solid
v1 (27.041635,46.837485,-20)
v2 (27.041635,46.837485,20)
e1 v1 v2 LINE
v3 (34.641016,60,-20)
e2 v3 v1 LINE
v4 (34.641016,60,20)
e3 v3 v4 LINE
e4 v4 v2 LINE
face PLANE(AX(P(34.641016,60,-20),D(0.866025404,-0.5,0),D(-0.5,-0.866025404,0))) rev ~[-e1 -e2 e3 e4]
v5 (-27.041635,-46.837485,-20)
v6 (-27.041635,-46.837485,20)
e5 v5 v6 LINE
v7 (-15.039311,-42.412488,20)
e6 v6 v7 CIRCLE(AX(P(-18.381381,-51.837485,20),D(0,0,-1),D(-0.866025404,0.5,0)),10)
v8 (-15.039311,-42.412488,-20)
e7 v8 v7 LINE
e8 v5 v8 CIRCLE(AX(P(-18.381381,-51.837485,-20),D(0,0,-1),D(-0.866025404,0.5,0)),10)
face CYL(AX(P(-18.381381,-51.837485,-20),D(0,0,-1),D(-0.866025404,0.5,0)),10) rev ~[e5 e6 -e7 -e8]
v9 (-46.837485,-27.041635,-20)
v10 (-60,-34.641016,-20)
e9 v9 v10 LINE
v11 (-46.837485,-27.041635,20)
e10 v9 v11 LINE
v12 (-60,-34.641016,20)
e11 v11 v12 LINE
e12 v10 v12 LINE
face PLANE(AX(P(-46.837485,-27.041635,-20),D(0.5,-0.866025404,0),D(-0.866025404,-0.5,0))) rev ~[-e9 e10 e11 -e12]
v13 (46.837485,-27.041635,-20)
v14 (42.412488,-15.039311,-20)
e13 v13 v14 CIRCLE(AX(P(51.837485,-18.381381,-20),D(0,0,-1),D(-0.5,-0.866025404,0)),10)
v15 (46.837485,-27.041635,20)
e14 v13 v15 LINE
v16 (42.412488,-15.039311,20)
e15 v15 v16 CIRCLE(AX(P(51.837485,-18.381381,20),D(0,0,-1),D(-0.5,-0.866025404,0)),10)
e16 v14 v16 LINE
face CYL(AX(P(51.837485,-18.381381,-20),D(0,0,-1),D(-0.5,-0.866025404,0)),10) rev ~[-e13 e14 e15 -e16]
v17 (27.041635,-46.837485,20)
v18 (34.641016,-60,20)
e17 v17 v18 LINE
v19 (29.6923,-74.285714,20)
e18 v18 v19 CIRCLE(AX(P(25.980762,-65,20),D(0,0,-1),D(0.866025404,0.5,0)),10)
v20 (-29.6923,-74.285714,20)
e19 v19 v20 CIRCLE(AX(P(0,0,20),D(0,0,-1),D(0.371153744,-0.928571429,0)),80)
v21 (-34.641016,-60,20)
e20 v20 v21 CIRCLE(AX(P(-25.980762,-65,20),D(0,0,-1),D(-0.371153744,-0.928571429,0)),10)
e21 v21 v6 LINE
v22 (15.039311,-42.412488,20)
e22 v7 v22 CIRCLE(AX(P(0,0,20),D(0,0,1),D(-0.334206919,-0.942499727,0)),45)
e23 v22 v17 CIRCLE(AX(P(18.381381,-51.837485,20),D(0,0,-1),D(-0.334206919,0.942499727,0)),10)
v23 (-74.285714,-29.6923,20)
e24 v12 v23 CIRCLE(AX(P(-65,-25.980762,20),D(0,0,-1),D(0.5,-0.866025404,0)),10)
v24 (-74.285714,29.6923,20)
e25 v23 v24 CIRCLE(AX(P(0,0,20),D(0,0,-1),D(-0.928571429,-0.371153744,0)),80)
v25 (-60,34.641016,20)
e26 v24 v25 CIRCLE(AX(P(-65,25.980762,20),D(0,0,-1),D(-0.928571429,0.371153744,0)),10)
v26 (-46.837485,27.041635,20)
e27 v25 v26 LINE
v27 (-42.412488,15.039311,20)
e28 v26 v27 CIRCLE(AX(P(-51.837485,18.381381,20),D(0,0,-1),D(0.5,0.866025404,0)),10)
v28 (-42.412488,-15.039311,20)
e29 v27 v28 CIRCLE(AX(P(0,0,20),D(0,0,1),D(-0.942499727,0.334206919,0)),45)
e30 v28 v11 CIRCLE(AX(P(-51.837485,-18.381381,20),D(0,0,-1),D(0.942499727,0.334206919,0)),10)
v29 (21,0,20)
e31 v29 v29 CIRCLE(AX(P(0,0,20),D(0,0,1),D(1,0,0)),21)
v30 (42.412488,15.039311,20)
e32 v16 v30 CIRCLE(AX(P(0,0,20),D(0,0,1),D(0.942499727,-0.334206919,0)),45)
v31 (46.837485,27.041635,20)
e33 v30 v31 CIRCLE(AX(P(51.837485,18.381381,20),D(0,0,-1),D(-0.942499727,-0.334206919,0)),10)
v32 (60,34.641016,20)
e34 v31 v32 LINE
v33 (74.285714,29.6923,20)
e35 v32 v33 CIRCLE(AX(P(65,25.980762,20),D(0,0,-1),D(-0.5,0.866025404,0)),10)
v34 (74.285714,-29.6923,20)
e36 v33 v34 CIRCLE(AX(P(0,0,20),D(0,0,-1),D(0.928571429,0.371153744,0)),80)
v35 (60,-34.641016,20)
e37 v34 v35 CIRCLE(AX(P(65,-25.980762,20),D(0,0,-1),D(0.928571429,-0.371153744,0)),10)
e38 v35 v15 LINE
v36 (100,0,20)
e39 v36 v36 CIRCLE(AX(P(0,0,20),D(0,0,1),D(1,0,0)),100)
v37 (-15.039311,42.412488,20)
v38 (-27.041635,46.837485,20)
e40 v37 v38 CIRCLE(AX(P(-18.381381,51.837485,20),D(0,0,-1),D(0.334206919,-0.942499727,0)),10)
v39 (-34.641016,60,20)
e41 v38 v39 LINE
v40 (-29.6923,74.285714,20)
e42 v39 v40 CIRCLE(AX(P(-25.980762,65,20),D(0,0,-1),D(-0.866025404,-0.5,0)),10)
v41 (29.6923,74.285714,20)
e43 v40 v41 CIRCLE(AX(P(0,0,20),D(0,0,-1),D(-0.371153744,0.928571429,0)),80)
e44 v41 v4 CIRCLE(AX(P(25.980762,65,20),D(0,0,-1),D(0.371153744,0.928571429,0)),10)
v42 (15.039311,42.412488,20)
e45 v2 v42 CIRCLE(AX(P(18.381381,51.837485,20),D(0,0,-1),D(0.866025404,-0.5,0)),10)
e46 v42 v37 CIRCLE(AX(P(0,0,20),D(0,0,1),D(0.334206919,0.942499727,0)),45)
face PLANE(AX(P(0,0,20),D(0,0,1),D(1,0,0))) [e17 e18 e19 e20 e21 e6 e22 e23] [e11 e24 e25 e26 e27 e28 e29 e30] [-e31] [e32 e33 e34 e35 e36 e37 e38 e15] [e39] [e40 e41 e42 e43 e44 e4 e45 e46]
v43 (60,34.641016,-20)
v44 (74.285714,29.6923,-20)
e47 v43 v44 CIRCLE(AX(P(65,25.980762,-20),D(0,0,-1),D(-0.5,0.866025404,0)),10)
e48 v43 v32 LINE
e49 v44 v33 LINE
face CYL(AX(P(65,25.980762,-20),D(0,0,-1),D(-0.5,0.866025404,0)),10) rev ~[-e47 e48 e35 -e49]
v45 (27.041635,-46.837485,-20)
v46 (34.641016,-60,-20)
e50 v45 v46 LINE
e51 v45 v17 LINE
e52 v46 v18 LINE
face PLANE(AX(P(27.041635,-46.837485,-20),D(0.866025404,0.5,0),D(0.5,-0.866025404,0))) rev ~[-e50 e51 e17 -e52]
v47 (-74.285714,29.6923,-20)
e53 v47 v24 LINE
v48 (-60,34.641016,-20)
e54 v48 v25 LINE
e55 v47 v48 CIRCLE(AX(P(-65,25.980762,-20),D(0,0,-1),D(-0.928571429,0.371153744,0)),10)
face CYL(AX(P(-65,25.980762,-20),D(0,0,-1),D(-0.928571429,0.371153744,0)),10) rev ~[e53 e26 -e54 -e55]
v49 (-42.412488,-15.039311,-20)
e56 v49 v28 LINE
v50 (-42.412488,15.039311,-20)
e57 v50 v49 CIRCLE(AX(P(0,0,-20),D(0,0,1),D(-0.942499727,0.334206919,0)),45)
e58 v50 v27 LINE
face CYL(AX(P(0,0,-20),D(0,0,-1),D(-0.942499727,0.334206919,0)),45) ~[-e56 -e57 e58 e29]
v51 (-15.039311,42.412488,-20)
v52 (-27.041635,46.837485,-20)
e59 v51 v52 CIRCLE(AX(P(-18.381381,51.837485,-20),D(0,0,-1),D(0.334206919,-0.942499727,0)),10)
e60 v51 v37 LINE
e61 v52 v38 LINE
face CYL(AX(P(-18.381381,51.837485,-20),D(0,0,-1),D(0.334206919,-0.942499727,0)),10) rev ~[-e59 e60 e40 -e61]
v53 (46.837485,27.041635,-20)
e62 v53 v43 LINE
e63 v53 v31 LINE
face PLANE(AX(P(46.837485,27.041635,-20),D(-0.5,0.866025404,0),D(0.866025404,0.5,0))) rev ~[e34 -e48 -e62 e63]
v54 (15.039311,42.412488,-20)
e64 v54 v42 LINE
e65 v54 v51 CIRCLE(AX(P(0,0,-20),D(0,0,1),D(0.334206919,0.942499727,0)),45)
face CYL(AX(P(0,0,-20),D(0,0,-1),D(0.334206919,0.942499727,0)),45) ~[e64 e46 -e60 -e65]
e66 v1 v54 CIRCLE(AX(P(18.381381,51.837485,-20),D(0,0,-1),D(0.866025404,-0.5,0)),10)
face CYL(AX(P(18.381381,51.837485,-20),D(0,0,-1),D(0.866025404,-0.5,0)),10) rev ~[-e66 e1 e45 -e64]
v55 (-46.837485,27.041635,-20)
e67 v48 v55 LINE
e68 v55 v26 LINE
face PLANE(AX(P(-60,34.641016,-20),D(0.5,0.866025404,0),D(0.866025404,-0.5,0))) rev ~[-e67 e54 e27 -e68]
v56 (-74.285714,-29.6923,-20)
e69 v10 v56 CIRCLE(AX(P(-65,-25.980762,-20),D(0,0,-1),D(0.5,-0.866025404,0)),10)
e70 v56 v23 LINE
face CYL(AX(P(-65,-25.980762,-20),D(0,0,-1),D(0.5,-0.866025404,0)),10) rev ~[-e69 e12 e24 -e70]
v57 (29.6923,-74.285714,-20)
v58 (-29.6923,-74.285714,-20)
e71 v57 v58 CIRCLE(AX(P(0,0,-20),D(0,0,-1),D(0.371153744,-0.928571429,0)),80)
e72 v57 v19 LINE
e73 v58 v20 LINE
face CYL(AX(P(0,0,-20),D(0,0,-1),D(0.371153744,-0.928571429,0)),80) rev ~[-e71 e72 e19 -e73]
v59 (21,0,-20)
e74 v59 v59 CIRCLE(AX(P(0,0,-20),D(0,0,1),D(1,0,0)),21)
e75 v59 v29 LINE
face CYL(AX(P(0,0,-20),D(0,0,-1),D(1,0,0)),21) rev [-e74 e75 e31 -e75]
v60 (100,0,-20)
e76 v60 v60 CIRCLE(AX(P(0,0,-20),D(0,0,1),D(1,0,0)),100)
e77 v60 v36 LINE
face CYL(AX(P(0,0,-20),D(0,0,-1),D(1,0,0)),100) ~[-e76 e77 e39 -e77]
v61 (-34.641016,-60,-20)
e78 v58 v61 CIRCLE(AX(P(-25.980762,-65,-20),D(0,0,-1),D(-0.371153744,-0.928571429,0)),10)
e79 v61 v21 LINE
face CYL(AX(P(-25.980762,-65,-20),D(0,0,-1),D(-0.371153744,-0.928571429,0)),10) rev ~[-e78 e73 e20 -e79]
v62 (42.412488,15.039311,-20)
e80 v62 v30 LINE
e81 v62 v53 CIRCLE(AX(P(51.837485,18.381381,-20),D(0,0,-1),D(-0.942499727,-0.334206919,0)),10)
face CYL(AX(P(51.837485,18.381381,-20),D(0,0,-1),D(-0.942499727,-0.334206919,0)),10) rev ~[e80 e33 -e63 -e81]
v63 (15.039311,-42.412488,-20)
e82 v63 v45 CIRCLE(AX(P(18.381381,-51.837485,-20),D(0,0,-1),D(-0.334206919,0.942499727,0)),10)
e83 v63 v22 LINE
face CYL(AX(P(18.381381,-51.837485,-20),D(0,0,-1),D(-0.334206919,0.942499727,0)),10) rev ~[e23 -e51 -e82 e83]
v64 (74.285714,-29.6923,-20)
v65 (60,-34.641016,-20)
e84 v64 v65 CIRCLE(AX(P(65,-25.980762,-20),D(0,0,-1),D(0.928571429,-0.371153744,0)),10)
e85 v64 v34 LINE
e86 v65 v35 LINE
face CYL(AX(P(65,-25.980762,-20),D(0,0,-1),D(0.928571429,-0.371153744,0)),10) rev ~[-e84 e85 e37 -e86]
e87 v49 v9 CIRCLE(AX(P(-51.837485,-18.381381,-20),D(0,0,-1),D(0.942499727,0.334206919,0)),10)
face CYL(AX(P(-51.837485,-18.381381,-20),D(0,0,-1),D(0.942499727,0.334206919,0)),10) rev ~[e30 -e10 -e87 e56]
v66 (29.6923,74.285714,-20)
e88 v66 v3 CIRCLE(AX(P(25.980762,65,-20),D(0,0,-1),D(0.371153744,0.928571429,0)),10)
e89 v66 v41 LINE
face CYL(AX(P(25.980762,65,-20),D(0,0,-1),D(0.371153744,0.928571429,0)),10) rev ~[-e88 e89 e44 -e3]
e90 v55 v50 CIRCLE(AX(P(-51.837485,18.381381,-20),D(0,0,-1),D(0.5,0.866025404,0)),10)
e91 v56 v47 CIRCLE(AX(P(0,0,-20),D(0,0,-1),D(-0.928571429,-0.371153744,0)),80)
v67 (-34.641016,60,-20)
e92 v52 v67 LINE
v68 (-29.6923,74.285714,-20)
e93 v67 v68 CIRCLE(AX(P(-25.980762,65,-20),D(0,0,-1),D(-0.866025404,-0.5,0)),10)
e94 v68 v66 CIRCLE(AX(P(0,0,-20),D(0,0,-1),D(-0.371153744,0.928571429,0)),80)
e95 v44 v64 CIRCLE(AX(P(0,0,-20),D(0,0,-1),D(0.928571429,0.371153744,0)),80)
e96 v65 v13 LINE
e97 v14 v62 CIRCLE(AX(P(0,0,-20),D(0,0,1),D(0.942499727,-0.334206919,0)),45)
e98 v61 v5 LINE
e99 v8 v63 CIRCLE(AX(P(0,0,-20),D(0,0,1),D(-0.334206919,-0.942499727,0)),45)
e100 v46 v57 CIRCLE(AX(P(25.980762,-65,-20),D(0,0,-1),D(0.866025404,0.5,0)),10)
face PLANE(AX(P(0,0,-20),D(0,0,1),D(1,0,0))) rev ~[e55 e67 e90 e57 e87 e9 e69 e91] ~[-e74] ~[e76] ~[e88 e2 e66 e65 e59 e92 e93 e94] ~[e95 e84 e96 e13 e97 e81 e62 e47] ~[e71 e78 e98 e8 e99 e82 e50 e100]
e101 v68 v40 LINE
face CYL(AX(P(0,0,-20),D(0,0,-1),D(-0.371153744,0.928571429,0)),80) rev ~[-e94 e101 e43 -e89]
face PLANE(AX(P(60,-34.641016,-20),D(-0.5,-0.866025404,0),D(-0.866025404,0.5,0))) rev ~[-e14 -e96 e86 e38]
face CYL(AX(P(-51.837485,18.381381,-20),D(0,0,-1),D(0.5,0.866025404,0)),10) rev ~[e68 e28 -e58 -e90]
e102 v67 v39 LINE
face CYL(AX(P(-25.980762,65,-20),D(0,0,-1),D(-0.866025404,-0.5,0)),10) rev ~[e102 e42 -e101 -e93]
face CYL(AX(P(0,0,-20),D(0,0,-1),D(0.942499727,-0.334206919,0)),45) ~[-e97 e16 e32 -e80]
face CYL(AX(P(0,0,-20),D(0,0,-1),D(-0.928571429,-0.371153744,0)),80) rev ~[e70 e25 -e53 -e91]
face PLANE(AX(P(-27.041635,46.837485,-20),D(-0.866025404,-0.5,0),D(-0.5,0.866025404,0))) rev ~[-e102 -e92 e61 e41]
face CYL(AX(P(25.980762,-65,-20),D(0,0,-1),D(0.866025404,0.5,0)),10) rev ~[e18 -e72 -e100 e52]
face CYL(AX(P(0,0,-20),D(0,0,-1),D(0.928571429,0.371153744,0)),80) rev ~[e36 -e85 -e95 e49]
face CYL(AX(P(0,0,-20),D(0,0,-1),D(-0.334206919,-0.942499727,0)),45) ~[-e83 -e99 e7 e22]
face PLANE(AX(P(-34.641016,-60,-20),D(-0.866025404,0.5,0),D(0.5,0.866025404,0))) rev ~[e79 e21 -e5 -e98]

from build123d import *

# Parameters (mm, degrees)
BOSS_EXTRUDE1_DEPTH      = 20
BOSS_EXTRUDE1_DEPTH_BACK = 20
SKETCH1_R                = 30
SKETCH1_R_2              = 21
BOSS_EXTRUDE2_DEPTH      = 20
BOSS_EXTRUDE2_DEPTH_BACK = 20
SKETCH2_R                = 100
SKETCH2_R_2              = 21
CUT_EXTRUDE1_DEPTH       = 20
CUT_EXTRUDE1_DEPTH_BACK  = 20


with BuildPart() as part:
    # Sketch1 → Boss-Extrude1 (new, two sides: drawn at the far end of the back side and taken through both)
    with BuildSketch(Plane.XY.offset(-BOSS_EXTRUDE1_DEPTH_BACK)):
        Circle(SKETCH1_R)
        Circle(SKETCH1_R_2, mode=Mode.SUBTRACT)
    extrude(amount=BOSS_EXTRUDE1_DEPTH + BOSS_EXTRUDE1_DEPTH_BACK)

    # Sketch2 → Boss-Extrude2 (add, two sides: drawn at the far end of the back side and taken through both)
    with BuildSketch(Plane.XY.offset(-BOSS_EXTRUDE2_DEPTH_BACK)):
        Circle(SKETCH2_R)
        Circle(SKETCH2_R_2, mode=Mode.SUBTRACT)
    extrude(amount=BOSS_EXTRUDE2_DEPTH + BOSS_EXTRUDE2_DEPTH_BACK)

    # Sketch3 → Cut-Extrude1 (cut, two sides: drawn at the far end of the back side and taken through both)
    with BuildSketch(Plane.XY.offset(-CUT_EXTRUDE1_DEPTH_BACK)):
        with BuildLine():
            Line((-27.041634566, 46.837484988), (-34.641016151, 60))
            ThreePointArc((-34.641016151, 60), (-35.429873939, 68.273268354), (-29.692299558, 74.285714286))
            ThreePointArc((-29.692299558, 74.285714286), (0, 80), (29.692299558, 74.285714286))
            ThreePointArc((29.692299558, 74.285714286), (35.429873939, 68.273268354), (34.641016151, 60))
            Line((34.641016151, 60), (27.041634566, 46.837484988))
            ThreePointArc((27.041634566, 46.837484988), (21.840560017, 42.45483732), (15.039311341, 42.412487717))
            ThreePointArc((15.039311341, 42.412487717), (0, 45), (-15.039311341, 42.412487717))
            ThreePointArc((-15.039311341, 42.412487717), (-21.840560017, 42.45483732), (-27.041634566, 46.837484988))
        make_face()
        with BuildLine():
            Line((46.837484988, 27.041634566), (60, 34.641016151))
            ThreePointArc((60, 34.641016151), (68.273268354, 35.429873939), (74.285714286, 29.692299558))
            ThreePointArc((74.285714286, 29.692299558), (80, 0), (74.285714286, -29.692299558))
            ThreePointArc((74.285714286, -29.692299558), (68.273268354, -35.429873939), (60, -34.641016151))
            Line((60, -34.641016151), (46.837484988, -27.041634566))
            ThreePointArc((46.837484988, -27.041634566), (42.45483732, -21.840560017), (42.412487717, -15.039311341))
            ThreePointArc((42.412487717, -15.039311341), (45, 0), (42.412487717, 15.039311341))
            ThreePointArc((42.412487717, 15.039311341), (42.45483732, 21.840560017), (46.837484988, 27.041634566))
        make_face()
        with BuildLine():
            Line((27.041634566, -46.837484988), (34.641016151, -60))
            ThreePointArc((34.641016151, -60), (35.429873939, -68.273268354), (29.692299558, -74.285714286))
            ThreePointArc((29.692299558, -74.285714286), (0, -80), (-29.692299558, -74.285714286))
            ThreePointArc((-29.692299558, -74.285714286), (-35.429873939, -68.273268354), (-34.641016151, -60))
            Line((-34.641016151, -60), (-27.041634566, -46.837484988))
            ThreePointArc((-27.041634566, -46.837484988), (-21.840560017, -42.45483732), (-15.039311341, -42.412487717))
            ThreePointArc((-15.039311341, -42.412487717), (0, -45), (15.039311341, -42.412487717))
            ThreePointArc((15.039311341, -42.412487717), (21.840560017, -42.45483732), (27.041634566, -46.837484988))
        make_face()
        with BuildLine():
            Line((-46.837484988, -27.041634566), (-60, -34.641016151))
            ThreePointArc((-60, -34.641016151), (-68.273268354, -35.429873939), (-74.285714286, -29.692299558))
            ThreePointArc((-74.285714286, -29.692299558), (-80, 0), (-74.285714286, 29.692299558))
            ThreePointArc((-74.285714286, 29.692299558), (-68.273268354, 35.429873939), (-60, 34.641016151))
            Line((-60, 34.641016151), (-46.837484988, 27.041634566))
            ThreePointArc((-46.837484988, 27.041634566), (-42.45483732, 21.840560017), (-42.412487717, 15.039311341))
            ThreePointArc((-42.412487717, 15.039311341), (-45, 0), (-42.412487717, -15.039311341))
            ThreePointArc((-42.412487717, -15.039311341), (-42.45483732, -21.840560017), (-46.837484988, -27.041634566))
        make_face()
    extrude(amount=CUT_EXTRUDE1_DEPTH + CUT_EXTRUDE1_DEPTH_BACK, mode=Mode.SUBTRACT)


solid = part.part
